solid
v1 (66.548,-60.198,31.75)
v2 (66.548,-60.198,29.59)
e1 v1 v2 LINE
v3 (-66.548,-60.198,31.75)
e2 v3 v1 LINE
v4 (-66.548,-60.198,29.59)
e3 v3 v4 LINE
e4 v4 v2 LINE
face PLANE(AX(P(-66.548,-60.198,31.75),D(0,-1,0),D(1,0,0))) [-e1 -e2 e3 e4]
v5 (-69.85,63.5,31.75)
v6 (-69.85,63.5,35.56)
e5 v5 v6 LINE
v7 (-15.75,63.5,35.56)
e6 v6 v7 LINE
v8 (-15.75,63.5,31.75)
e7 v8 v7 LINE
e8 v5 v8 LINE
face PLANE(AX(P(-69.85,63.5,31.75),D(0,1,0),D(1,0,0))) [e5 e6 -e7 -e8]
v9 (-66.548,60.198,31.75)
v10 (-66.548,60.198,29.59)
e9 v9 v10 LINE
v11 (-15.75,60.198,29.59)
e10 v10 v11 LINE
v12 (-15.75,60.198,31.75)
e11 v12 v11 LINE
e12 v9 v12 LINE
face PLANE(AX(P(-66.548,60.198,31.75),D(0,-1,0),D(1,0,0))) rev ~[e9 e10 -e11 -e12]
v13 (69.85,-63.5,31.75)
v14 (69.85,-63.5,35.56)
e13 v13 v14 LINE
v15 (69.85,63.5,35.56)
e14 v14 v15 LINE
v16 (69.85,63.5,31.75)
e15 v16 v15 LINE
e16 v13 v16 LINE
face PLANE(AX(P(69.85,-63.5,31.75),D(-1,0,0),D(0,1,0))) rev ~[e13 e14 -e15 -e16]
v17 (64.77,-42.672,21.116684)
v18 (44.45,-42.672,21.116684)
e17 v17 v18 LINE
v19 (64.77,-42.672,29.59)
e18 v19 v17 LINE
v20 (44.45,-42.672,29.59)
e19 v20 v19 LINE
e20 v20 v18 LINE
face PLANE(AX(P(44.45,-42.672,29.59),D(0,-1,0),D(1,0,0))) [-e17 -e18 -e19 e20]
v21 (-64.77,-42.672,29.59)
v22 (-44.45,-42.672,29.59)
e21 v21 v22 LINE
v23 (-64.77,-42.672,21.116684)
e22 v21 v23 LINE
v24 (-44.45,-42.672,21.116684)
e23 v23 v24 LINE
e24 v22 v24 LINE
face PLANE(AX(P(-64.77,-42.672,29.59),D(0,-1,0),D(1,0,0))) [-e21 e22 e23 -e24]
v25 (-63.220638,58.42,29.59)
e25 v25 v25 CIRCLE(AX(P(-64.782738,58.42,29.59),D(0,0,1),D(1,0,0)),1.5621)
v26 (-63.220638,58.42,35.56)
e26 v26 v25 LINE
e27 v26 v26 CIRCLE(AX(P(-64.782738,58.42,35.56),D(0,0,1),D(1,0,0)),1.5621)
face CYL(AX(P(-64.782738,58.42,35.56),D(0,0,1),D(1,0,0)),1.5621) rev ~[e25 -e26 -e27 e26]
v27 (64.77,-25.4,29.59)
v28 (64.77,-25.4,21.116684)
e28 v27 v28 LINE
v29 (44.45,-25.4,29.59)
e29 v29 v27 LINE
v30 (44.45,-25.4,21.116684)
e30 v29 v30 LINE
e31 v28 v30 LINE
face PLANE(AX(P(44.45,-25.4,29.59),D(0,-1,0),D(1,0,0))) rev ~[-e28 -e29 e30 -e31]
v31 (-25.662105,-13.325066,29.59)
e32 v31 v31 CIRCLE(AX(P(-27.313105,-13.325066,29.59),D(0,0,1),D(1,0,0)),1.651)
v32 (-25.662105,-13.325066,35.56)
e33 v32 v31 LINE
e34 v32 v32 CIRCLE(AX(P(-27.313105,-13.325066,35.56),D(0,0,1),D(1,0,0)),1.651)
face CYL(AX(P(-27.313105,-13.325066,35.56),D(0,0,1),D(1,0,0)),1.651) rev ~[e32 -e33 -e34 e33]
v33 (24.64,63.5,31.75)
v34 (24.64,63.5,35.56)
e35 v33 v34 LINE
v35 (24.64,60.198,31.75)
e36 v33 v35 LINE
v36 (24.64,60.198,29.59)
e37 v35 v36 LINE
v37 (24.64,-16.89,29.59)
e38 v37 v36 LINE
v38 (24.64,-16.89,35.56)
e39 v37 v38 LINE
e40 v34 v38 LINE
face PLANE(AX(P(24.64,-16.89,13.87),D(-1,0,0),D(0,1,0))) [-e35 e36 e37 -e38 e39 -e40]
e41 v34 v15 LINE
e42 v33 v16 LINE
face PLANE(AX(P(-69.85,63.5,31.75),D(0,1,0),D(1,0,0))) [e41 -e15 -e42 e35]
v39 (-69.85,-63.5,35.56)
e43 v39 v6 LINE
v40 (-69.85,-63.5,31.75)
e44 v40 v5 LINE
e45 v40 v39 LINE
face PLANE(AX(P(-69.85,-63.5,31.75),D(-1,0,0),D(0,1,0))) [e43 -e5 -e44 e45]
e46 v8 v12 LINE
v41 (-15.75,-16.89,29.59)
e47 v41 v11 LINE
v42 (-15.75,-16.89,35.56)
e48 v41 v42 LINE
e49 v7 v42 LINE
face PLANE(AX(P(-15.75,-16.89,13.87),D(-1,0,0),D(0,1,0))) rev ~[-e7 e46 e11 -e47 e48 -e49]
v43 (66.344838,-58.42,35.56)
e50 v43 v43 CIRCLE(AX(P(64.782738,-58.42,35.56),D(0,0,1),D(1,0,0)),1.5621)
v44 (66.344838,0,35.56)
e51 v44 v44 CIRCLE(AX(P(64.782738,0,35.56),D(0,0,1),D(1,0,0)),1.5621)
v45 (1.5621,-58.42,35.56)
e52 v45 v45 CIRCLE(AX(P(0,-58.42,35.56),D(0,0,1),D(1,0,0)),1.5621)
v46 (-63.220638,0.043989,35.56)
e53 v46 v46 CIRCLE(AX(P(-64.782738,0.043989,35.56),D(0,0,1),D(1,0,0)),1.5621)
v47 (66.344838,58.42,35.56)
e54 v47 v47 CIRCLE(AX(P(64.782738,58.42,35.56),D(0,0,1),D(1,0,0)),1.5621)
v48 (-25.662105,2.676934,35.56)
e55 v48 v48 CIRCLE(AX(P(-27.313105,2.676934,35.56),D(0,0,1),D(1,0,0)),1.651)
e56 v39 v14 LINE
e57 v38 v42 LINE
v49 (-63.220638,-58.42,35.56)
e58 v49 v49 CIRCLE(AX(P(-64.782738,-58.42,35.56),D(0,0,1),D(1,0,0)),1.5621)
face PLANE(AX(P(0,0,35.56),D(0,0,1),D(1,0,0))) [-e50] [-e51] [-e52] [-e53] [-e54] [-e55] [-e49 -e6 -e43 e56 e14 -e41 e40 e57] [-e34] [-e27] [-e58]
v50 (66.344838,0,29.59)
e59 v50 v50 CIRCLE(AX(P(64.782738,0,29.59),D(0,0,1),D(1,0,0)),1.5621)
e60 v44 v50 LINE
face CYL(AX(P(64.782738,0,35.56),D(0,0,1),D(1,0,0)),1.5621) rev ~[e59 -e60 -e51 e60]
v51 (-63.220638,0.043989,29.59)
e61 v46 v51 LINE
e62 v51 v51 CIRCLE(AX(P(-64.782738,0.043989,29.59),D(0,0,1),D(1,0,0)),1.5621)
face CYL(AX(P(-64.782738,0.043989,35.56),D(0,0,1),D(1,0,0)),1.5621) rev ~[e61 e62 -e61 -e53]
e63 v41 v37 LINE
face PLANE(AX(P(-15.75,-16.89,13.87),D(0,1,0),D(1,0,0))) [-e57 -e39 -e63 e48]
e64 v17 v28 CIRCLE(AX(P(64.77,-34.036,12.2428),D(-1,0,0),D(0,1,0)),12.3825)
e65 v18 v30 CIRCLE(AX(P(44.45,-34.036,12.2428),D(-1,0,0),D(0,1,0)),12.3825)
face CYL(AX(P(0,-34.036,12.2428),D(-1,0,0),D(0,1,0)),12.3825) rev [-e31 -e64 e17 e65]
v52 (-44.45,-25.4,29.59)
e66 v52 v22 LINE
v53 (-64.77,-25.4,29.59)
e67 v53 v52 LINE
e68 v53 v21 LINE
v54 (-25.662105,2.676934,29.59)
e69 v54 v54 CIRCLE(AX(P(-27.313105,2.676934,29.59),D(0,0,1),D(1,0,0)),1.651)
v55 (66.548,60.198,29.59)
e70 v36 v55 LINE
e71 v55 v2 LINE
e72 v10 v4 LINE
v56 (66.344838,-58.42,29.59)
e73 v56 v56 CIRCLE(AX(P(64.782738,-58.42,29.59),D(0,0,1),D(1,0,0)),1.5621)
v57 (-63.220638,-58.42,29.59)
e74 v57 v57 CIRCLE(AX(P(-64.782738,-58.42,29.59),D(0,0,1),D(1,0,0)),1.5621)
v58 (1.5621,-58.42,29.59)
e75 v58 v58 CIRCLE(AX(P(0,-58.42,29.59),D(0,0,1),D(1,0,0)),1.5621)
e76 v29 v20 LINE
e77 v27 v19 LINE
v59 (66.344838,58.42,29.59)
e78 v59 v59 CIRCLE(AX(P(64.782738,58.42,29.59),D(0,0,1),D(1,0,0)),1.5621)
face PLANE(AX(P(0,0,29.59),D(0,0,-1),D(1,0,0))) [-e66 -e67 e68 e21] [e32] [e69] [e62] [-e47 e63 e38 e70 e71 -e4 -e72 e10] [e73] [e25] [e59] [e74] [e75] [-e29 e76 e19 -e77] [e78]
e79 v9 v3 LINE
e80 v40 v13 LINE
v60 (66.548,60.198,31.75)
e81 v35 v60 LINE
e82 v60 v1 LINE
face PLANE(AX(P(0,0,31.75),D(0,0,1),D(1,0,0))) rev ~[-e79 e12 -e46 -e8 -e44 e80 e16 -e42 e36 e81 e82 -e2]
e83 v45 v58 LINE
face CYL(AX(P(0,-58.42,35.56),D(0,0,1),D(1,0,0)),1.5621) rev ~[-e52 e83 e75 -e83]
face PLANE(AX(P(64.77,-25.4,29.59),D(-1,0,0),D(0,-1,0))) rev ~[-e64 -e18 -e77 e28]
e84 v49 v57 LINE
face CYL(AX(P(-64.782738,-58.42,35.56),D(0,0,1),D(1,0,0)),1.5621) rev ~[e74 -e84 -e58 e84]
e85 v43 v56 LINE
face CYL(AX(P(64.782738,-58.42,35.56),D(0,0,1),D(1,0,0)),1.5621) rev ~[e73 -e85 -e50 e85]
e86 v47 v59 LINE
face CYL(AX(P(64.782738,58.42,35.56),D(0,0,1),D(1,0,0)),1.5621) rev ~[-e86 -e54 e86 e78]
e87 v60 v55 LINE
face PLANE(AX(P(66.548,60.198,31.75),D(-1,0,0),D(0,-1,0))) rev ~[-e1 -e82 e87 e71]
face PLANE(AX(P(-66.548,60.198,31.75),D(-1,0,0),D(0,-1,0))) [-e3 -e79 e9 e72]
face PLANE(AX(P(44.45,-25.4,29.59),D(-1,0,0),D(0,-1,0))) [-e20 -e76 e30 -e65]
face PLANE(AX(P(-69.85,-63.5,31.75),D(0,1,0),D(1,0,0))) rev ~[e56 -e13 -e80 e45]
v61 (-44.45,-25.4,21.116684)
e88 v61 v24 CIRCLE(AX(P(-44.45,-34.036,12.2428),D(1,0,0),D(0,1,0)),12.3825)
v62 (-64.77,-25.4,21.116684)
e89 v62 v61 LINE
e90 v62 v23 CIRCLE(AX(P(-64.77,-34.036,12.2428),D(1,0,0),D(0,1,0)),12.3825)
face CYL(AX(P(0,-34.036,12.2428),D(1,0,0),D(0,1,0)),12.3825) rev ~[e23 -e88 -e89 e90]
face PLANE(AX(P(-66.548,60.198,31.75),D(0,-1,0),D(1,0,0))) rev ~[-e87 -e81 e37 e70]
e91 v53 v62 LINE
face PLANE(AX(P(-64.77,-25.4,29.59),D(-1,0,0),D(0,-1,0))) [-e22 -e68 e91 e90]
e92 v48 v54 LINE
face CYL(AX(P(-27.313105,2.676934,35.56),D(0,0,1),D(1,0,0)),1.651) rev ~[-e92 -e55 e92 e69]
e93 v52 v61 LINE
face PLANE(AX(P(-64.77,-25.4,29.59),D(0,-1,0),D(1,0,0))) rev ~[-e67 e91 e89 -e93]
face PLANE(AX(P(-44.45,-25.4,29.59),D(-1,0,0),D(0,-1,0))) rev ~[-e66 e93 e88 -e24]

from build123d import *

# Parameters (mm, degrees)
BOX_W                = 40.39
BOX_H                = 86.36
BOX_DEPTH            = 25.4
SKETCH045_W          = 139.7
SKETCH045_H          = 127
PAD022_DEPTH         = 3.81
SKETCH046_W          = 133.096
SKETCH046_H          = 120.396
PAD023_DEPTH         = 2.16
SKETCH013_R          = 1.5621
SKETCH013_R_2        = 1.651
POCKET019_DEPTH      = 5.971
SKETCH047_W          = 20.32
SKETCH047_H          = 17.272
PAD024_DEPTH         = 12.7
SKETCH048_R          = 12.3825
POCKET020_DEPTH      = 69.851
POCKET020_DEPTH_BACK = 69.851


with BuildPart() as top_removal:
    # Box → Box (new body)
    with BuildSketch(Plane(origin=(-15.75, -16.89, 13.87), x_dir=(1, 0, 0), z_dir=(0, 0, 1))):
        with Locations((20.195, 43.18)):
            Rectangle(BOX_W, BOX_H)
    extrude(amount=BOX_DEPTH)


with BuildPart() as top_cover:
    # Sketch045 → Pad022 (new body)
    with BuildSketch(Plane.XY.offset(31.75)):
        Rectangle(SKETCH045_W, SKETCH045_H)
    extrude(amount=PAD022_DEPTH)

    # Sketch046 (on Face5 of Pad022) → Pad023 (join)
    with BuildSketch(Plane(origin=(0, 0, 31.75), x_dir=(1, 0, 0), z_dir=(0, 0, -1))):
        Rectangle(SKETCH046_W, SKETCH046_H)
    extrude(amount=PAD023_DEPTH)

    # Sketch013 (on Face5 of Pad023) → Pocket019 (cut, through all)
    with BuildSketch(Plane.XY.offset(35.56)):
        with Locations((64.7827376585, 58.42)):
            Circle(SKETCH013_R)
        with Locations((64.7827376585, 0)):
            Circle(SKETCH013_R)
        with Locations((64.7827376585, -58.42)):
            Circle(SKETCH013_R)
        with Locations((0, 58.42)):
            Circle(SKETCH013_R)
        with Locations((-64.7827376585, 58.42)):
            Circle(SKETCH013_R)
        with Locations((-64.7827376585, 0.043989)):
            Circle(SKETCH013_R)
        with Locations((-64.7827376585, -58.42)):
            Circle(SKETCH013_R)
        with Locations((0, -58.42)):
            Circle(SKETCH013_R)
        with Locations((-27.313105, 2.676934)):
            Circle(SKETCH013_R_2)
        with Locations((-27.313105, -13.325066)):
            Circle(SKETCH013_R_2)
    extrude(amount=-POCKET019_DEPTH, mode=Mode.SUBTRACT)

    # Sketch047 (on Face21 of Pocket019) → Pad024 (join)
    with BuildSketch(Plane(origin=(0, 0, 29.59), x_dir=(1, 0, 0), z_dir=(0, 0, -1))):
        with Locations((-54.61, 34.036)):
            Rectangle(SKETCH047_W, SKETCH047_H)
        with Locations((54.61, 34.036)):
            Rectangle(SKETCH047_W, SKETCH047_H)
    extrude(amount=PAD024_DEPTH)

    # Sketch048 → Pocket020 (cut, two sides)
    with BuildSketch(Plane.YZ) as pocket020_sk:
        with Locations((-34.036, 12.2428)):
            Circle(SKETCH048_R)
    extrude(amount=-POCKET020_DEPTH, mode=Mode.SUBTRACT)
    extrude(pocket020_sk.sketch, amount=POCKET020_DEPTH_BACK, mode=Mode.SUBTRACT)

    # Cut: cut top_removal
    add(top_removal.part, mode=Mode.SUBTRACT)


solid = top_cover.part
